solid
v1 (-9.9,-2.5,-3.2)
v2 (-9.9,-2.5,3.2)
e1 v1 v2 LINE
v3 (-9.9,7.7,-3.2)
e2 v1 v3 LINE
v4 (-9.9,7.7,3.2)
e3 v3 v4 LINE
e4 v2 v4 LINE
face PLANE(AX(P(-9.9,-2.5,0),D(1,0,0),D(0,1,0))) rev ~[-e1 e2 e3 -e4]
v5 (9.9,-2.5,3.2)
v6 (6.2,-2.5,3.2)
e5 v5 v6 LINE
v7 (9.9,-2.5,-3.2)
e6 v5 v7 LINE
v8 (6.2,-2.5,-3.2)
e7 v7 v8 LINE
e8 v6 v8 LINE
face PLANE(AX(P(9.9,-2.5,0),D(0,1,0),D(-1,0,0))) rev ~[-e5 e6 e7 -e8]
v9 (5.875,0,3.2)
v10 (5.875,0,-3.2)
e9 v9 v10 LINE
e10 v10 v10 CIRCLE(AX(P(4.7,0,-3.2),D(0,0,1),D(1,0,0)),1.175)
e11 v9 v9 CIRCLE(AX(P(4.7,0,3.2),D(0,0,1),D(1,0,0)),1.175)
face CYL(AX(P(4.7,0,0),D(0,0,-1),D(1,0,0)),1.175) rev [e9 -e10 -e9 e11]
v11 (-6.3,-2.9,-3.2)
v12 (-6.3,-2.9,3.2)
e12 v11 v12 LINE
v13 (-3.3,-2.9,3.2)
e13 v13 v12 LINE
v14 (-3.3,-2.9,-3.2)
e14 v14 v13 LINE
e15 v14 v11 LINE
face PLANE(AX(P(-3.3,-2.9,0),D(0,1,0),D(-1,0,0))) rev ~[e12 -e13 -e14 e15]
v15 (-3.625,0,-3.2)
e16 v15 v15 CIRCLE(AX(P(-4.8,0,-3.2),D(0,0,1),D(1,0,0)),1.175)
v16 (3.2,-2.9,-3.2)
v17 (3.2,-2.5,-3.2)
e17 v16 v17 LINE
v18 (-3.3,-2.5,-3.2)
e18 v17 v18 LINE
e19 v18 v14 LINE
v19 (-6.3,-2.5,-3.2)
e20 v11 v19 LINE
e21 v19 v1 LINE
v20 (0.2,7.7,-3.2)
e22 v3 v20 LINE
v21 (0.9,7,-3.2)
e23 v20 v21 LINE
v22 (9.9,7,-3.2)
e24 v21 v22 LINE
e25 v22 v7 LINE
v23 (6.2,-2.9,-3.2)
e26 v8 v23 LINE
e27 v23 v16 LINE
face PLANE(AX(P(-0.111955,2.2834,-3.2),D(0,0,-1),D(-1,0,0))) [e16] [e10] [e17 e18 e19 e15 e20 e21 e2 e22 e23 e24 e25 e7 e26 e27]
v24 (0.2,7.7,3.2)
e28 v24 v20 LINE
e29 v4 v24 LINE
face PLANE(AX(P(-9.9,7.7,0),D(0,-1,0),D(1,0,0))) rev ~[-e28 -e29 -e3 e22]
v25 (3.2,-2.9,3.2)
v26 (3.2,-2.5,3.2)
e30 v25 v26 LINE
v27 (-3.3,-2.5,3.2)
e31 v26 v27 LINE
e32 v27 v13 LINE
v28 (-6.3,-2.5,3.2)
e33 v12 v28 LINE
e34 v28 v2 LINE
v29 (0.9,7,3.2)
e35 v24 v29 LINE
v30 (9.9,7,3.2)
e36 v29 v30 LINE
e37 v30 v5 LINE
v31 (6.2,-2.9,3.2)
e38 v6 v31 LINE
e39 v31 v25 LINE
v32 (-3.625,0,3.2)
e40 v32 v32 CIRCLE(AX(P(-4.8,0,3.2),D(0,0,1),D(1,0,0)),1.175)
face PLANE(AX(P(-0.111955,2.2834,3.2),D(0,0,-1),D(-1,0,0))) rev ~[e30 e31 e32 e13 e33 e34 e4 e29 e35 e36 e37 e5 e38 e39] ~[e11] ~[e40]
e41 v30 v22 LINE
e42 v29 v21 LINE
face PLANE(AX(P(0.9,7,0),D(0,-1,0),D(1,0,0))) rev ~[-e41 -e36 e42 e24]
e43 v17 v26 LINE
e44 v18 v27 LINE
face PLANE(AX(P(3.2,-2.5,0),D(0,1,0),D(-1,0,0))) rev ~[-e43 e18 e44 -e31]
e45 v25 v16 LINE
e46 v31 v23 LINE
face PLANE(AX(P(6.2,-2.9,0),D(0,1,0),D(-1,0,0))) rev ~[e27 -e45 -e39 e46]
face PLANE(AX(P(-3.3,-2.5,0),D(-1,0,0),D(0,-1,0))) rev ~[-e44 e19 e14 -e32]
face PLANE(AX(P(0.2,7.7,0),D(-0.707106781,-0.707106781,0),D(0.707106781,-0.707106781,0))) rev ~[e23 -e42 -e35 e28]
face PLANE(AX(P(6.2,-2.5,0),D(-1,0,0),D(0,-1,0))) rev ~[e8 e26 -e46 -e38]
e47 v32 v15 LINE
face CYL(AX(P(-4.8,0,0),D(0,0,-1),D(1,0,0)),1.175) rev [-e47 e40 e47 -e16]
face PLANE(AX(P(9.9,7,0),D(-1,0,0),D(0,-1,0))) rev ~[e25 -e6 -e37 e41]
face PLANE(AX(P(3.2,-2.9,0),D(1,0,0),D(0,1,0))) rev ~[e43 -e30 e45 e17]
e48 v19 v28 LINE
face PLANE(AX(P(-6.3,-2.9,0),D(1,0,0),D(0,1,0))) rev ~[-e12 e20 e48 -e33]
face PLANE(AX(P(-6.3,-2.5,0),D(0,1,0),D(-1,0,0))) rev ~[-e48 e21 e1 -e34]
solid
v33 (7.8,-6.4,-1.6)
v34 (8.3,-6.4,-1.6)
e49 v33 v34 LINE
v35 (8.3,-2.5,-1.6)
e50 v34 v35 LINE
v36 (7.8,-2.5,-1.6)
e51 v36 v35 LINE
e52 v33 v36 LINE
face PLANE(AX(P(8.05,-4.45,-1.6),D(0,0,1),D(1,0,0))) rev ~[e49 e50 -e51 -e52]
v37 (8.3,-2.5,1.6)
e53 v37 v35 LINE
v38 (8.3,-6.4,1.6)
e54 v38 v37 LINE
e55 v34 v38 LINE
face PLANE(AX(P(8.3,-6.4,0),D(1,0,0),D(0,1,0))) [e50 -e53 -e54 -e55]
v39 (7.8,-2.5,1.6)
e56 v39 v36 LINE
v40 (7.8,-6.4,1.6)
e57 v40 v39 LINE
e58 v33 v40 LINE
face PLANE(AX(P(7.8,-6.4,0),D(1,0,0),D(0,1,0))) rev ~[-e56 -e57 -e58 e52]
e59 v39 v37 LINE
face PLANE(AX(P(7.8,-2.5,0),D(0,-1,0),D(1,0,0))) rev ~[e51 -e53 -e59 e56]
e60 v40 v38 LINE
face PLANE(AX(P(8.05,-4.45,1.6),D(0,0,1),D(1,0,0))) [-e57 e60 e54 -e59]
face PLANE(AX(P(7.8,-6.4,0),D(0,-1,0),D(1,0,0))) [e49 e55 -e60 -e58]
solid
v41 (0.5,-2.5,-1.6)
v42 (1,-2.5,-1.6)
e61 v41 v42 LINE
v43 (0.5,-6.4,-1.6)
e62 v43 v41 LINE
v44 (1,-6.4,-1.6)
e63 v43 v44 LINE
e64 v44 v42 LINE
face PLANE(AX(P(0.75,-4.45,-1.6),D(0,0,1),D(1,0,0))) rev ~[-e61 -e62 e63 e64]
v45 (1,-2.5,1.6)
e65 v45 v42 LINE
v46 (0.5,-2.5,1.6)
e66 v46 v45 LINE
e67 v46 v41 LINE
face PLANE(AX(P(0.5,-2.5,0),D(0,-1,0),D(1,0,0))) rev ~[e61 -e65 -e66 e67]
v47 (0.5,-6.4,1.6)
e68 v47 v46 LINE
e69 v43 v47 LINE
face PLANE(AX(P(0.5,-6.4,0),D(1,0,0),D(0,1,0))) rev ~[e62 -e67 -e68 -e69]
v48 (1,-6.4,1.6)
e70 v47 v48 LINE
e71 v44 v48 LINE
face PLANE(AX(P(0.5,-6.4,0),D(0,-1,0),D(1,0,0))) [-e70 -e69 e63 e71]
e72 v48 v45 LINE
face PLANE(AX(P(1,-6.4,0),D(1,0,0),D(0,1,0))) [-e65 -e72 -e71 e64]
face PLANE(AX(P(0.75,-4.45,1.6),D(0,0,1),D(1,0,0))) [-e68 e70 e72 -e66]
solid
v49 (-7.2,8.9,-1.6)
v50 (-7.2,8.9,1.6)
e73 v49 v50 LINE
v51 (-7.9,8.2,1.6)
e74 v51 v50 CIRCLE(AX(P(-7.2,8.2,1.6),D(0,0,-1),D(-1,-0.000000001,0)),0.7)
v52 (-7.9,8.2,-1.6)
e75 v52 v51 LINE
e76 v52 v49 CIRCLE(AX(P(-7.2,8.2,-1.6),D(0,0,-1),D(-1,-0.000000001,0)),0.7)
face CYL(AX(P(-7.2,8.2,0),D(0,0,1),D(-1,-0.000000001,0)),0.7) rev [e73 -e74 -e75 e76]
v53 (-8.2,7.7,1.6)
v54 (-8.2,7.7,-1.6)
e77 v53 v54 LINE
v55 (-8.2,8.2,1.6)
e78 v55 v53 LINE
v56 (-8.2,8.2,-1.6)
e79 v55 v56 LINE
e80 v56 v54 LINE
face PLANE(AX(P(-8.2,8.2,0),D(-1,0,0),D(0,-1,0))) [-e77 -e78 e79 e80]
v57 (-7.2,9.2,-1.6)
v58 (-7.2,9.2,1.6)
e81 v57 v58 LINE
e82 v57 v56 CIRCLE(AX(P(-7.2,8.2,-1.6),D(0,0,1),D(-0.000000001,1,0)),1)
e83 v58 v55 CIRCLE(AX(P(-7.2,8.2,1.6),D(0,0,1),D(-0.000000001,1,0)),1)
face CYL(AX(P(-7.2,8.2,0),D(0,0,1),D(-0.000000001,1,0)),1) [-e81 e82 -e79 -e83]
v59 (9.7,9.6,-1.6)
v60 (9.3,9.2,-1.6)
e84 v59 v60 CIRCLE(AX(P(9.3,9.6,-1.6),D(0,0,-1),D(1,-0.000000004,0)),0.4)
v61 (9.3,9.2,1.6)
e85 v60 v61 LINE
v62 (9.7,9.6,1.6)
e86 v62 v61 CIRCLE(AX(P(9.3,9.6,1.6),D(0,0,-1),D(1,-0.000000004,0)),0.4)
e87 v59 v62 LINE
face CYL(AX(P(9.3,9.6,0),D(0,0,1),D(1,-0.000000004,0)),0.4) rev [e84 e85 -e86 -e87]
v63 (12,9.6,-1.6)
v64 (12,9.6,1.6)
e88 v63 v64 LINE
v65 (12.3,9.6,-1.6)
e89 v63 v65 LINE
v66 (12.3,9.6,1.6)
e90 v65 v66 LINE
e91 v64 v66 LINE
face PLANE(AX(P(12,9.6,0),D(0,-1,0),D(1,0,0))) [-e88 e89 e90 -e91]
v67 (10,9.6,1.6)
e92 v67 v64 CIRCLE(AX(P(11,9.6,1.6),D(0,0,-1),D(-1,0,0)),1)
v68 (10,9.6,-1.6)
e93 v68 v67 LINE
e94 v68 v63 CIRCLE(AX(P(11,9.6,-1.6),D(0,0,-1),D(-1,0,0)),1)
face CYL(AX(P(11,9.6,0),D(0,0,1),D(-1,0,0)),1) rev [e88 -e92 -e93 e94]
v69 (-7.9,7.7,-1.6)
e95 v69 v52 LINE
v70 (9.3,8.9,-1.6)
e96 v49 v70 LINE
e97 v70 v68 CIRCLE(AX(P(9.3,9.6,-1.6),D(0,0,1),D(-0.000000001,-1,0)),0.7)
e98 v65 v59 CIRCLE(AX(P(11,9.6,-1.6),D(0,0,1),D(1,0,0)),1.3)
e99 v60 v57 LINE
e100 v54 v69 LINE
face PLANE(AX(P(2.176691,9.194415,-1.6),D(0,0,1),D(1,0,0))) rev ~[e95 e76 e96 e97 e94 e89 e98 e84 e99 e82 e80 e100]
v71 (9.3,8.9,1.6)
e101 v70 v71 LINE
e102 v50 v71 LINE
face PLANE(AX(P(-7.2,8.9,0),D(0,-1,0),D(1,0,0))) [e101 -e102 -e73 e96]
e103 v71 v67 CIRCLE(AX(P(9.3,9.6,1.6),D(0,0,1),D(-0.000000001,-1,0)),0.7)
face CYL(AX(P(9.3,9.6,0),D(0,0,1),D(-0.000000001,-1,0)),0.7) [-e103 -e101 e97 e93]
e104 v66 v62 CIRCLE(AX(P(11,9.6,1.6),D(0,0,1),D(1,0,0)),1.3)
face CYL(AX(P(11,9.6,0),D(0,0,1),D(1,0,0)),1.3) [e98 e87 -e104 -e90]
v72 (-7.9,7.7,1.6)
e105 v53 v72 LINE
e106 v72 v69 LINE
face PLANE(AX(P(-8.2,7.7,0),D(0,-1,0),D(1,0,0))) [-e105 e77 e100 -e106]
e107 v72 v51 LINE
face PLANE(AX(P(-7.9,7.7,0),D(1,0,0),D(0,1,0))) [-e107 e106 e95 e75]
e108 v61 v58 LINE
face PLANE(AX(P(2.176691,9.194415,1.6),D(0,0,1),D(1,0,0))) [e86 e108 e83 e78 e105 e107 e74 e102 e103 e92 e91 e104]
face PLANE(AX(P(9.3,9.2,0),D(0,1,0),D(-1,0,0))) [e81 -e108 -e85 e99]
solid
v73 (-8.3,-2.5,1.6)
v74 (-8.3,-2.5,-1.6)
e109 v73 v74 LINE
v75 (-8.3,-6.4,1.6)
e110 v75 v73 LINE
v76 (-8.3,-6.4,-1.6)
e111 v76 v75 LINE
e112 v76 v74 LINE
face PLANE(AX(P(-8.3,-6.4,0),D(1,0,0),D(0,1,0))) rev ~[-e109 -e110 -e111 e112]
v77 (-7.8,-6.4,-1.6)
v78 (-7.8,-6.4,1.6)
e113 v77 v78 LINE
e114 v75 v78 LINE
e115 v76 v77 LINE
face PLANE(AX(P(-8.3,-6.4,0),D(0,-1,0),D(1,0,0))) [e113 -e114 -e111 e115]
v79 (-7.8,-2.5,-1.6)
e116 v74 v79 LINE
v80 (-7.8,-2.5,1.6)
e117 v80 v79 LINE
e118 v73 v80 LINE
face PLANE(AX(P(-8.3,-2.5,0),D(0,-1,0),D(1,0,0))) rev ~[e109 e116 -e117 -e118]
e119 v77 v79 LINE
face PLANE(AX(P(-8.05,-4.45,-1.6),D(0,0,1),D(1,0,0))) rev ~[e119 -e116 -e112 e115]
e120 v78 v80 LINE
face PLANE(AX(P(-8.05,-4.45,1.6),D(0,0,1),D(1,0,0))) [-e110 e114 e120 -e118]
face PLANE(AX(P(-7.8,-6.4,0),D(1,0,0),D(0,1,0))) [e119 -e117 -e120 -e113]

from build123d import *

# Parameters (mm, degrees)
SKETCH1_R             = 1.175
BOSS_EXTRUDE1_DEPTH   = 3.2
SKETCH2_W             = 0.5
SKETCH2_H             = 3.9
BOSS_EXTRUDE2_DEPTH   = 1.6
BOSS_EXTRUDE2_2_DEPTH = 1.6
BOSS_EXTRUDE2_3_DEPTH = 1.6
EXTRUDE_THIN1_DEPTH   = 1.6


with BuildPart() as part:
    # Sketch1 → Boss-Extrude1 (new, symmetric)
    with BuildSketch(Plane.XY):
        Polygon((-9.9, 7.7), (0.2, 7.7), (0.9, 7), (9.9, 7), (9.9, -2.5), (6.2, -2.5), (6.2, -2.9), (3.2, -2.9), (3.2, -2.5), (-3.3, -2.5), (-3.3, -2.9), (-6.3, -2.9), (-6.3, -2.5), (-9.9, -2.5), align=None)
        with Locations((-4.8, 0)):
            Circle(SKETCH1_R, mode=Mode.SUBTRACT)
        with Locations((4.7, 0)):
            Circle(SKETCH1_R, mode=Mode.SUBTRACT)
    extrude(amount=BOSS_EXTRUDE1_DEPTH, both=True)


with BuildPart() as body_2:
    # Sketch2 → Boss-Extrude2 (new, symmetric)
    with BuildSketch(Plane.XY):
        with Locations((-8.05, -4.45)):
            Rectangle(SKETCH2_W, SKETCH2_H)
    extrude(amount=BOSS_EXTRUDE2_DEPTH, both=True)


with BuildPart() as body_3:
    # Sketch2 → Boss-Extrude2 2 (new, symmetric)
    with BuildSketch(Plane.XY):
        with Locations((0.75, -4.45)):
            Rectangle(SKETCH2_W, SKETCH2_H)
    extrude(amount=BOSS_EXTRUDE2_2_DEPTH, both=True)


with BuildPart() as body_4:
    # Sketch2 → Boss-Extrude2 3 (new, symmetric)
    with BuildSketch(Plane.XY):
        with Locations((8.05, -4.45)):
            Rectangle(SKETCH2_W, SKETCH2_H)
    extrude(amount=BOSS_EXTRUDE2_3_DEPTH, both=True)


with BuildPart() as body_5:
    # Sketch3 → Extrude-Thin1 (new, symmetric)
    with BuildSketch(Plane.XY):
        with BuildLine():
            Line((-7.9, 7.7), (-7.9, 8.2))
            ThreePointArc((-7.9, 8.2), (-7.694974747, 8.694974747), (-7.2, 8.9))
            Line((-7.2, 8.9), (9.3, 8.9))
            ThreePointArc((9.3, 8.9), (9.794974747, 9.105025253), (10, 9.6))
            ThreePointArc((10, 9.6), (11, 10.6), (12, 9.6))
            Line((12, 9.6), (12.3, 9.6))
            ThreePointArc((12.3, 9.6), (11, 10.9), (9.7, 9.6))
            ThreePointArc((9.7, 9.6), (9.582842712, 9.317157288), (9.3, 9.2))
            Line((9.3, 9.2), (-7.2, 9.2))
            ThreePointArc((-7.2, 9.2), (-7.907106781, 8.907106781), (-8.2, 8.2))
            Line((-8.2, 8.2), (-8.2, 7.7))
            Line((-8.2, 7.7), (-7.9, 7.7))
        make_face()
    extrude(amount=EXTRUDE_THIN1_DEPTH, both=True)


solid = Compound([part.part, body_2.part, body_3.part, body_4.part, body_5.part])
